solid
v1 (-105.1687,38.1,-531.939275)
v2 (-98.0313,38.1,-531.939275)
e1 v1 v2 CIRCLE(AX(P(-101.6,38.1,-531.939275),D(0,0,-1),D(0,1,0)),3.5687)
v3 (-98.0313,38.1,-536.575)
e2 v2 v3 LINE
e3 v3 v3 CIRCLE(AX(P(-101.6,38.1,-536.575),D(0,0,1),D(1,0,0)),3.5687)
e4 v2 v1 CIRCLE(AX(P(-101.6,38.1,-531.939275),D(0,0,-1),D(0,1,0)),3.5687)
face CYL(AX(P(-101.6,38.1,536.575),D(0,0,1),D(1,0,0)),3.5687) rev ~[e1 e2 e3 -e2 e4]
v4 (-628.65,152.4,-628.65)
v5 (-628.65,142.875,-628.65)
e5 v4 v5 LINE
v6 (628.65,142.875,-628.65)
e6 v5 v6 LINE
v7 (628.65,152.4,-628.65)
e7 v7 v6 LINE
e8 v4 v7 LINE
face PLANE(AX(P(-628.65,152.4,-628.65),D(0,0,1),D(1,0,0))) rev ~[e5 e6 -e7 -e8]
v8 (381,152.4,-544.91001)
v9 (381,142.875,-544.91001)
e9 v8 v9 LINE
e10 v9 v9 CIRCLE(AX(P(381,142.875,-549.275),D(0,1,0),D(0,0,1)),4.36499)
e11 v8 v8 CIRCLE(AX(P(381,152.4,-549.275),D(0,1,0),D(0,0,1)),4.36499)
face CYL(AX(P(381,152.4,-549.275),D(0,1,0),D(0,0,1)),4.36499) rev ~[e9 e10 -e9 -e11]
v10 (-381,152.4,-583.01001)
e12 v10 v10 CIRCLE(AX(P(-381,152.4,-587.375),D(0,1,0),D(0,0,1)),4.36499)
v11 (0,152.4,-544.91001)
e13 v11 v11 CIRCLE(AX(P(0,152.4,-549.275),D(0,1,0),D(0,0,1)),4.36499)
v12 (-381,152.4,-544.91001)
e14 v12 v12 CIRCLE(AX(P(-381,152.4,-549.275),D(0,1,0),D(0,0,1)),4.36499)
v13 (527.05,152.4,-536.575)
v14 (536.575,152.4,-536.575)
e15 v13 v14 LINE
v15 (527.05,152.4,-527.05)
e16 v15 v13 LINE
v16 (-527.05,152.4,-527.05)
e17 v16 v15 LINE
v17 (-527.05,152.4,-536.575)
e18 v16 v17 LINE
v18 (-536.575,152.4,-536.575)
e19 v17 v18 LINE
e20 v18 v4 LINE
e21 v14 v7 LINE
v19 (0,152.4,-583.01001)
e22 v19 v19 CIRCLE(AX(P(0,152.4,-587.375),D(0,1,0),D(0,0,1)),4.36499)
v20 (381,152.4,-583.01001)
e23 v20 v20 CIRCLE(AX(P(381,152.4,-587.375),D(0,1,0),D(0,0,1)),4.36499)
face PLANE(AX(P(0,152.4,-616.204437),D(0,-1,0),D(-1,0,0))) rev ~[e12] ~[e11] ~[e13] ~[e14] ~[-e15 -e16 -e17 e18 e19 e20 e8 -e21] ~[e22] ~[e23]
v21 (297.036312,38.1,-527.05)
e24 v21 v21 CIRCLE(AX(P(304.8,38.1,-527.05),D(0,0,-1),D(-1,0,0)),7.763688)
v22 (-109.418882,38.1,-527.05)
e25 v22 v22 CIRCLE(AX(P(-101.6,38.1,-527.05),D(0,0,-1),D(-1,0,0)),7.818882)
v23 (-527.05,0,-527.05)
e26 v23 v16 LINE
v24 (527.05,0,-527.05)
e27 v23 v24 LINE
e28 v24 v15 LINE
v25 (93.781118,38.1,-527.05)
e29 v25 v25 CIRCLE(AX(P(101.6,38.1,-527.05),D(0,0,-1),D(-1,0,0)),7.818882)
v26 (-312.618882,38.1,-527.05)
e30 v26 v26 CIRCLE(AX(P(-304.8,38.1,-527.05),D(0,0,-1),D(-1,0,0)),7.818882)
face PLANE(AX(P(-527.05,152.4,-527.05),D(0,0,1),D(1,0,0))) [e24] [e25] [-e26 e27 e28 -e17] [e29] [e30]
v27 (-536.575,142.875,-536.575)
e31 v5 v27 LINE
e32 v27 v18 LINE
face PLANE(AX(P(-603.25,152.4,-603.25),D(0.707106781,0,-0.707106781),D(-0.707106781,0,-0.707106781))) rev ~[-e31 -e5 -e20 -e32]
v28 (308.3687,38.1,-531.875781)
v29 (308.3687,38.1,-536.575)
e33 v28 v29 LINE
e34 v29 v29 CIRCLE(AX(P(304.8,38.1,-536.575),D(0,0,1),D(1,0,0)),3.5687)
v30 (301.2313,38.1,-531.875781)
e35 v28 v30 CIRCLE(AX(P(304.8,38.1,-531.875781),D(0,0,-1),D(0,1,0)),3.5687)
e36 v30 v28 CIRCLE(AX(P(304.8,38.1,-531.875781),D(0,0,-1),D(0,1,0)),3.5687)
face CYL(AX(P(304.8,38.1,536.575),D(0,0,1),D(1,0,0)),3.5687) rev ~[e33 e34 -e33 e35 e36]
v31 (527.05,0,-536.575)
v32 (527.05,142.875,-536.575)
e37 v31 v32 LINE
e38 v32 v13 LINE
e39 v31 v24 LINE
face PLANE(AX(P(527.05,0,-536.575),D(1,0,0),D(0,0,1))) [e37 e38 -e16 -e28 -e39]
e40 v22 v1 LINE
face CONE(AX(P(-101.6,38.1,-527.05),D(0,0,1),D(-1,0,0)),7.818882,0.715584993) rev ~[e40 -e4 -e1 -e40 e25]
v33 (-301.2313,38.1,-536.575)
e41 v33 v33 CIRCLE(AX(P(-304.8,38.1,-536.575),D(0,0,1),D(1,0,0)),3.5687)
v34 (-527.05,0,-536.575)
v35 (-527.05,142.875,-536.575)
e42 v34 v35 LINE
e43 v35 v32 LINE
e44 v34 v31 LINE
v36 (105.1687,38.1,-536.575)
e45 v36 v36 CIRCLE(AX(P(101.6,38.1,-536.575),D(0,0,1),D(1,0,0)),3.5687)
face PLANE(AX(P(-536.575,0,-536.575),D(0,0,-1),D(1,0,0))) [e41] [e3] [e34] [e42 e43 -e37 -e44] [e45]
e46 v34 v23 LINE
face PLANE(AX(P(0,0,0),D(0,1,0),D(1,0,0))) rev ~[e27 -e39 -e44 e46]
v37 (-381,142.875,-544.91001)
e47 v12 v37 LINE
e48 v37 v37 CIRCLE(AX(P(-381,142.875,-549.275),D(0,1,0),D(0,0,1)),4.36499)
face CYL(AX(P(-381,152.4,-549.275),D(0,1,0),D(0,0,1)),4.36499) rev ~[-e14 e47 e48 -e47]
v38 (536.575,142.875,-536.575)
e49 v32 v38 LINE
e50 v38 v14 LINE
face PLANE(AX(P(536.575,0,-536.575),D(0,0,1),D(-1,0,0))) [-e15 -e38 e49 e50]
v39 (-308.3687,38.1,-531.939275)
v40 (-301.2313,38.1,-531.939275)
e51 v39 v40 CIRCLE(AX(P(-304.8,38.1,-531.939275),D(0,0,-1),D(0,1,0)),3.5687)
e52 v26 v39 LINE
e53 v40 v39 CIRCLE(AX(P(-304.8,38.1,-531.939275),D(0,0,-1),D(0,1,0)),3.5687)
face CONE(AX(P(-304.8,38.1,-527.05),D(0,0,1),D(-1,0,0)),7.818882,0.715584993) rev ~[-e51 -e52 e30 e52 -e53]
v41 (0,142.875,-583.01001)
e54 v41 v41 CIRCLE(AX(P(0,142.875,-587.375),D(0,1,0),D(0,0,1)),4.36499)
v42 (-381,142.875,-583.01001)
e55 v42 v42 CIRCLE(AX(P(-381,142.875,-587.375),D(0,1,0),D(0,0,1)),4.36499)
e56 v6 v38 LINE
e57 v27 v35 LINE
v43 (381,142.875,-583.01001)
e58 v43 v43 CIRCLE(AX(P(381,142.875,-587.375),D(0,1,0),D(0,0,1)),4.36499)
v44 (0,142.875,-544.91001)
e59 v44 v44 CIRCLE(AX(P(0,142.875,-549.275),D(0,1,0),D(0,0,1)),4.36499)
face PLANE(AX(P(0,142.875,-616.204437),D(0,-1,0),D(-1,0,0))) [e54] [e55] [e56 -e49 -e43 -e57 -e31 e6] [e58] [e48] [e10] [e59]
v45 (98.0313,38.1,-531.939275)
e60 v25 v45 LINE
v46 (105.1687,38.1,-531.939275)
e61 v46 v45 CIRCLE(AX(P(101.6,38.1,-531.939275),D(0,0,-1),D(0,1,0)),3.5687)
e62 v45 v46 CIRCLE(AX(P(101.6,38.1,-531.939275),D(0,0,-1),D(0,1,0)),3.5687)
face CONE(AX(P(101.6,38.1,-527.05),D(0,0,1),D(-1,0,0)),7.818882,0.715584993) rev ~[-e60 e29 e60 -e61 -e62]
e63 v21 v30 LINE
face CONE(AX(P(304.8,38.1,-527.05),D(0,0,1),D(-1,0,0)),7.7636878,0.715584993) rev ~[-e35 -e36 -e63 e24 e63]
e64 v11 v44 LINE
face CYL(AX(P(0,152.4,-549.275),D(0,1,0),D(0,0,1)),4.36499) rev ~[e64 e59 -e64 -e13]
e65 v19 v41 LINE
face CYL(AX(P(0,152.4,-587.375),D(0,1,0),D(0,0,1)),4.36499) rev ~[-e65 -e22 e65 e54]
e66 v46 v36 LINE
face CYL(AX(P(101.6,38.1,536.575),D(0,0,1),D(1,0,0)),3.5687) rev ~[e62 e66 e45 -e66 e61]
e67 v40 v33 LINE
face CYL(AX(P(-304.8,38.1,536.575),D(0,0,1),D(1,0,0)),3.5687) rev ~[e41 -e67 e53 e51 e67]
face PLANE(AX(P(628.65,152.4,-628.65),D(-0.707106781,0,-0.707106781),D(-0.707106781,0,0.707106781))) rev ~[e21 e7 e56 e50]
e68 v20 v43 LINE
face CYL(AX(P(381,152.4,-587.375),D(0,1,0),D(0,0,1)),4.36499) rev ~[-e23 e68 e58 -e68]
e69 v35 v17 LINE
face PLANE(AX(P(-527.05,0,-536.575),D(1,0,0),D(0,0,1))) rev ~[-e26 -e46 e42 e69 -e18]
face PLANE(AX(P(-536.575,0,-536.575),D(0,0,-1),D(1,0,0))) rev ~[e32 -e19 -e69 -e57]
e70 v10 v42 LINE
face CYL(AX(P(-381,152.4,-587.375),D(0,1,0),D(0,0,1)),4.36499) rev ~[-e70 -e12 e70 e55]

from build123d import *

# Parameters (mm, degrees)
SKETCH3_W                                        = 1073.15
SKETCH3_H                                        = 1073.15
BOSS_EXTRUDE1_DEPTH                              = 152.4
SKETCH4_OUTSIDE_W                                = 1380.21
SKETCH4_OUTSIDE_H                                = 1380.21
SKETCH4_OUTSIDE_W_2                              = 1073.15
SKETCH4_OUTSIDE_H_2                              = 1073.15
SKETCH4_OUTSIDE_W_3                              = 1054.1
SKETCH4_OUTSIDE_H_3                              = 1054.1
CUT_EXTRUDE3_DEPTH                               = 142.875
SKETCH5_W                                        = 1358.9
SKETCH5_H                                        = 1358.9
SKETCH5_W_2                                      = 1073.15
SKETCH5_H_2                                      = 1073.15
BOSS_EXTRUDE2_DEPTH                              = 9.525
SKETCH6_W                                        = 1054.1
SKETCH6_H                                        = 1054.1
CUT_EXTRUDE5_DEPTH                               = 9.525
SKETCH7_R                                        = 4.365625
SKETCH7_R_2                                      = 4.36499
CUT_EXTRUDE6_DEPTH                               = 9.525
SKETCH8_R                                        = 2.50063
CUT_EXTRUDE7_DEPTH                               = 1270
SKETCH9_R                                        = 2.50063
CUT_EXTRUDE8_DEPTH                               = 1270
SKETCH10_R                                       = 3.5687
CUT_EXTRUDE10_DEPTH                              = 1270
SKETCH11_W                                       = 1358.9
SKETCH11_H                                       = 1358.9
SKETCH11_W_2                                     = 1206.5
SKETCH11_H_2                                     = 1206.5
CUT_EXTRUDE11_DEPTH                              = 9.525
CUT_EXTRUDE12_DEPTH                              = 254
CUT_EXTRUDE13_DEPTH                              = 867.629612349
CSK_FOR_1_4_FLAT_HEAD_MACHINE_SCREW1_D           = 7.1374
CSK_FOR_1_4_FLAT_HEAD_MACHINE_SCREW1_CSINK_D     = 15.637764
CSK_FOR_1_4_FLAT_HEAD_MACHINE_SCREW1_CSINK_ANGLE = 82
CSK_FOR_1_4_FLAT_HEAD_MACHINE_SCREW2_D           = 7.1374
CSK_FOR_1_4_FLAT_HEAD_MACHINE_SCREW2_CSINK_D     = 15.637764
CSK_FOR_1_4_FLAT_HEAD_MACHINE_SCREW2_CSINK_ANGLE = 82
CSK_FOR_1_4_FLAT_HEAD_MACHINE_SCREW3_D           = 7.1374
CSK_FOR_1_4_FLAT_HEAD_MACHINE_SCREW3_CSINK_D     = 15.637764
CSK_FOR_1_4_FLAT_HEAD_MACHINE_SCREW3_CSINK_ANGLE = 82
CSK_FOR_1_4_FLAT_HEAD_MACHINE_SCREW5_D           = 7.1374
CSK_FOR_1_4_FLAT_HEAD_MACHINE_SCREW5_CSINK_D     = 15.5273756
CSK_FOR_1_4_FLAT_HEAD_MACHINE_SCREW5_CSINK_ANGLE = 82
BOSS_EXTRUDE3_DEPTH                              = 9.525


with BuildPart() as part:
    # Sketch3 → Boss-Extrude1 (new body)
    with BuildSketch(Plane(origin=(0, 0, 0), x_dir=(1, 0, 0), z_dir=(0, 1, 0))):
        Rectangle(SKETCH3_W, SKETCH3_H)
    extrude(amount=BOSS_EXTRUDE1_DEPTH)

    # Sketch4 outside → Cut-Extrude3 (cut)
    # profile 1 of 2: a face of its own
    with BuildSketch(Plane(origin=(0, 152.4, 0), x_dir=(1, 0, 0), z_dir=(0, 1, 0))):
        Rectangle(SKETCH4_OUTSIDE_W, SKETCH4_OUTSIDE_H)
        Rectangle(SKETCH4_OUTSIDE_W_2, SKETCH4_OUTSIDE_H_2, mode=Mode.SUBTRACT)
    # profile 2 of 2: a face of its own
    with BuildSketch(Plane(origin=(0, 152.4, 0), x_dir=(1, 0, 0), z_dir=(0, 1, 0))):
        Rectangle(SKETCH4_OUTSIDE_W_3, SKETCH4_OUTSIDE_H_3)
    extrude(amount=-CUT_EXTRUDE3_DEPTH, mode=Mode.SUBTRACT)

    # Sketch5 → Boss-Extrude2 (add)
    with BuildSketch(Plane(origin=(0, 152.4, 0), x_dir=(1, 0, 0), z_dir=(0, 1, 0))):
        Rectangle(SKETCH5_W, SKETCH5_H)
        Rectangle(SKETCH5_W_2, SKETCH5_H_2, mode=Mode.SUBTRACT)
    extrude(amount=-BOSS_EXTRUDE2_DEPTH)

    # Sketch6 → Cut-Extrude5 (cut)
    with BuildSketch(Plane(origin=(0, 9.525, 0), x_dir=(1, 0, 0), z_dir=(0, 1, 0))):
        Rectangle(SKETCH6_W, SKETCH6_H)
    extrude(amount=-CUT_EXTRUDE5_DEPTH, mode=Mode.SUBTRACT)

    # Sketch7 → Cut-Extrude6 (cut)
    with BuildSketch(Plane(origin=(0, 152.4, 0), x_dir=(1, 0, 0), z_dir=(0, 1, 0))):
        with Locations(Location((549.275, 38.1, 0), (0, 0, 270))):
            Circle(SKETCH7_R)
        with Locations(Location((587.375, -38.1, 0), (0, 0, 270))):
            Circle(SKETCH7_R)
        with Locations(Location((549.275, -38.1, 0), (0, 0, 270))):
            Circle(SKETCH7_R)
        with Locations(Location((587.375, 38.1, 0), (0, 0, 270))):
            Circle(SKETCH7_R)
        with Locations(Location((549.275, 419.1, 0), (0, 0, 270))):
            Circle(SKETCH7_R)
        with Locations(Location((549.275, 342.9, 0), (0, 0, 270))):
            Circle(SKETCH7_R)
        with Locations(Location((587.375, 342.9, 0), (0, 0, 270))):
            Circle(SKETCH7_R)
        with Locations(Location((587.375, 419.1, 0), (0, 0, 270))):
            Circle(SKETCH7_R)
        with Locations(Location((587.375, -419.1, 0), (0, 0, 270))):
            Circle(SKETCH7_R)
        with Locations(Location((549.275, -419.1, 0), (0, 0, 270))):
            Circle(SKETCH7_R)
        with Locations(Location((587.375, -342.9, 0), (0, 0, 270))):
            Circle(SKETCH7_R)
        with Locations(Location((549.275, -342.9, 0), (0, 0, 270))):
            Circle(SKETCH7_R)
        with Locations(Location((-549.275, -38.1, 0), (0, 0, 270))):
            Circle(SKETCH7_R)
        with Locations(Location((-549.275, 419.1, 0), (0, 0, 270))):
            Circle(SKETCH7_R)
        with Locations(Location((-549.275, 342.9, 0), (0, 0, 270))):
            Circle(SKETCH7_R)
        with Locations(Location((-549.275, -342.9, 0), (0, 0, 270))):
            Circle(SKETCH7_R)
        with Locations(Location((-549.275, 38.1, 0), (0, 0, 270))):
            Circle(SKETCH7_R)
        with Locations(Location((-549.275, -419.1, 0), (0, 0, 270))):
            Circle(SKETCH7_R)
        with Locations(Location((-342.9, -549.275, 0), (0, 0, 270))):
            Circle(SKETCH7_R)
        with Locations(Location((-38.1, -549.275, 0), (0, 0, 270))):
            Circle(SKETCH7_R)
        with Locations(Location((419.1, -549.275, 0), (0, 0, 270))):
            Circle(SKETCH7_R)
        with Locations(Location((342.9, -549.275, 0), (0, 0, 270))):
            Circle(SKETCH7_R)
        with Locations(Location((38.1, -549.275, 0), (0, 0, 270))):
            Circle(SKETCH7_R)
        with Locations(Location((-419.1, -549.275, 0), (0, 0, 270))):
            Circle(SKETCH7_R)
        with Locations(Location((-584.2, -342.9, 0), (0, 0, 270))):
            Circle(SKETCH7_R)
        with Locations(Location((-584.2, -419.1, 0), (0, 0, 270))):
            Circle(SKETCH7_R)
        with Locations(Location((-584.2, 342.9, 0), (0, 0, 270))):
            Circle(SKETCH7_R)
        with Locations(Location((-584.2, -38.1, 0), (0, 0, 270))):
            Circle(SKETCH7_R)
        with Locations(Location((-584.2, 419.1, 0), (0, 0, 270))):
            Circle(SKETCH7_R)
        with Locations(Location((-584.2, 38.1, 0), (0, 0, 270))):
            Circle(SKETCH7_R)
        with Locations(Location((-342.9, -584.2, 0), (0, 0, 270))):
            Circle(SKETCH7_R)
        with Locations(Location((-419.1, -584.2, 0), (0, 0, 270))):
            Circle(SKETCH7_R)
        with Locations(Location((38.1, -584.2, 0), (0, 0, 270))):
            Circle(SKETCH7_R)
        with Locations(Location((419.1, -584.2, 0), (0, 0, 270))):
            Circle(SKETCH7_R)
        with Locations(Location((-38.1, -584.2, 0), (0, 0, 270))):
            Circle(SKETCH7_R)
        with Locations(Location((342.9, -584.2, 0), (0, 0, 270))):
            Circle(SKETCH7_R)
        with Locations(Location((-381, 587.375, 0), (0, 0, 270))):
            Circle(SKETCH7_R_2)
        with Locations(Location((-381, 549.275, 0), (0, 0, 270))):
            Circle(SKETCH7_R_2)
        with Locations(Location((0, 587.375, 0), (0, 0, 270))):
            Circle(SKETCH7_R_2)
        with Locations(Location((0, 549.275, 0), (0, 0, 270))):
            Circle(SKETCH7_R_2)
        with Locations(Location((381, 587.375, 0), (0, 0, 270))):
            Circle(SKETCH7_R_2)
        with Locations(Location((381, 549.275, 0), (0, 0, 270))):
            Circle(SKETCH7_R_2)
    extrude(amount=-CUT_EXTRUDE6_DEPTH, mode=Mode.SUBTRACT)

    # Sketch8 → Cut-Extrude7 (cut)
    with BuildSketch(Plane.ZY.offset(536.575)):
        with Locations((371.475, 38.1)):
            Circle(SKETCH8_R)
    extrude(amount=-CUT_EXTRUDE7_DEPTH, mode=Mode.SUBTRACT)

    # Sketch9 → Cut-Extrude8 (cut)
    with BuildSketch(Plane.ZY.offset(536.575)):
        with Locations((-371.475, 38.1)):
            Circle(SKETCH9_R)
        with Locations((-222.885, 38.1)):
            Circle(SKETCH9_R)
        with Locations((-74.295, 38.1)):
            Circle(SKETCH9_R)
        with Locations((74.295, 38.1)):
            Circle(SKETCH9_R)
        with Locations((222.885, 38.1)):
            Circle(SKETCH9_R)
    extrude(amount=-CUT_EXTRUDE8_DEPTH, mode=Mode.SUBTRACT)

    # Sketch10 → Cut-Extrude10 (cut)
    with BuildSketch(Plane.XY.offset(536.575)):
        with Locations((-304.8, 38.1)):
            Circle(SKETCH10_R)
        with Locations((-101.6, 38.1)):
            Circle(SKETCH10_R)
        with Locations((101.6, 38.1)):
            Circle(SKETCH10_R)
        with Locations((304.8, 38.1)):
            Circle(SKETCH10_R)
    extrude(amount=-CUT_EXTRUDE10_DEPTH, mode=Mode.SUBTRACT)

    # Sketch11 → Cut-Extrude11 (cut)
    with BuildSketch(Plane(origin=(0, 152.4, 0), x_dir=(1, 0, 0), z_dir=(0, 1, 0))):
        Rectangle(SKETCH11_W, SKETCH11_H)
        Rectangle(SKETCH11_W_2, SKETCH11_H_2, mode=Mode.SUBTRACT)
    extrude(amount=-CUT_EXTRUDE11_DEPTH, mode=Mode.SUBTRACT)

    # Sketch12 → Cut-Extrude12 (cut)
    with BuildSketch(Plane(origin=(0, 152.4, 0), x_dir=(1, 0, 0), z_dir=(0, 1, 0))):
        Polygon((-527.05, 527.05), (-527.05, -527.05), (527.05, -527.05), (527.05, 527.05), (603.25, 603.25), (603.25, -603.25), (-603.25, -603.25), (-603.25, 603.25), align=None)
    extrude(amount=-CUT_EXTRUDE12_DEPTH, mode=Mode.SUBTRACT)

    # Sketch14 → Cut-Extrude13 (cut, through all)
    with BuildSketch(Plane.XZ):
        Polygon((-527.05, -527.05), (-536.575, -536.575), (-527.05, -536.575), align=None)
        Polygon((536.575, -536.575), (527.05, -536.575), (527.05, -527.05), align=None)
    extrude(amount=-CUT_EXTRUDE13_DEPTH, mode=Mode.SUBTRACT)

    # CSK for 1/4 Flat Head Machine Screw1 (through all)
    with Locations(Plane(origin=(-304.8, 38.1, -527.05), x_dir=(1, 0, 0), z_dir=(0, 0, 1))):
        with Locations((0, 0)):
            CounterSinkHole(CSK_FOR_1_4_FLAT_HEAD_MACHINE_SCREW1_D / 2, CSK_FOR_1_4_FLAT_HEAD_MACHINE_SCREW1_CSINK_D / 2, counter_sink_angle=CSK_FOR_1_4_FLAT_HEAD_MACHINE_SCREW1_CSINK_ANGLE)

    # CSK for 1/4 Flat Head Machine Screw2 (through all)
    with Locations(Plane(origin=(-101.6, 38.1, -527.05), x_dir=(1, 0, 0), z_dir=(0, 0, 1))):
        with Locations((0, 0)):
            CounterSinkHole(CSK_FOR_1_4_FLAT_HEAD_MACHINE_SCREW2_D / 2, CSK_FOR_1_4_FLAT_HEAD_MACHINE_SCREW2_CSINK_D / 2, counter_sink_angle=CSK_FOR_1_4_FLAT_HEAD_MACHINE_SCREW2_CSINK_ANGLE)

    # CSK for 1/4 Flat Head Machine Screw3 (through all)
    with Locations(Plane(origin=(101.6, 38.1, -527.05), x_dir=(1, 0, 0), z_dir=(0, 0, 1))):
        with Locations((0, 0)):
            CounterSinkHole(CSK_FOR_1_4_FLAT_HEAD_MACHINE_SCREW3_D / 2, CSK_FOR_1_4_FLAT_HEAD_MACHINE_SCREW3_CSINK_D / 2, counter_sink_angle=CSK_FOR_1_4_FLAT_HEAD_MACHINE_SCREW3_CSINK_ANGLE)

    # CSK for 1/4 Flat Head Machine Screw5 (through all)
    with Locations(Plane(origin=(304.8, 38.1, -527.05), x_dir=(1, 0, 0), z_dir=(0, 0, 1))):
        with Locations((0, 0)):
            CounterSinkHole(CSK_FOR_1_4_FLAT_HEAD_MACHINE_SCREW5_D / 2, CSK_FOR_1_4_FLAT_HEAD_MACHINE_SCREW5_CSINK_D / 2, counter_sink_angle=CSK_FOR_1_4_FLAT_HEAD_MACHINE_SCREW5_CSINK_ANGLE)

    # Sketch22 → Boss-Extrude3 (add)
    with BuildSketch(Plane(origin=(0, 152.4, 0), x_dir=(1, 0, 0), z_dir=(0, 1, 0))):
        Polygon((603.25, 603.25), (-603.25, 603.25), (-628.65, 628.65), (628.65, 628.65), align=None)
    extrude(amount=-BOSS_EXTRUDE3_DEPTH)


solid = part.part
